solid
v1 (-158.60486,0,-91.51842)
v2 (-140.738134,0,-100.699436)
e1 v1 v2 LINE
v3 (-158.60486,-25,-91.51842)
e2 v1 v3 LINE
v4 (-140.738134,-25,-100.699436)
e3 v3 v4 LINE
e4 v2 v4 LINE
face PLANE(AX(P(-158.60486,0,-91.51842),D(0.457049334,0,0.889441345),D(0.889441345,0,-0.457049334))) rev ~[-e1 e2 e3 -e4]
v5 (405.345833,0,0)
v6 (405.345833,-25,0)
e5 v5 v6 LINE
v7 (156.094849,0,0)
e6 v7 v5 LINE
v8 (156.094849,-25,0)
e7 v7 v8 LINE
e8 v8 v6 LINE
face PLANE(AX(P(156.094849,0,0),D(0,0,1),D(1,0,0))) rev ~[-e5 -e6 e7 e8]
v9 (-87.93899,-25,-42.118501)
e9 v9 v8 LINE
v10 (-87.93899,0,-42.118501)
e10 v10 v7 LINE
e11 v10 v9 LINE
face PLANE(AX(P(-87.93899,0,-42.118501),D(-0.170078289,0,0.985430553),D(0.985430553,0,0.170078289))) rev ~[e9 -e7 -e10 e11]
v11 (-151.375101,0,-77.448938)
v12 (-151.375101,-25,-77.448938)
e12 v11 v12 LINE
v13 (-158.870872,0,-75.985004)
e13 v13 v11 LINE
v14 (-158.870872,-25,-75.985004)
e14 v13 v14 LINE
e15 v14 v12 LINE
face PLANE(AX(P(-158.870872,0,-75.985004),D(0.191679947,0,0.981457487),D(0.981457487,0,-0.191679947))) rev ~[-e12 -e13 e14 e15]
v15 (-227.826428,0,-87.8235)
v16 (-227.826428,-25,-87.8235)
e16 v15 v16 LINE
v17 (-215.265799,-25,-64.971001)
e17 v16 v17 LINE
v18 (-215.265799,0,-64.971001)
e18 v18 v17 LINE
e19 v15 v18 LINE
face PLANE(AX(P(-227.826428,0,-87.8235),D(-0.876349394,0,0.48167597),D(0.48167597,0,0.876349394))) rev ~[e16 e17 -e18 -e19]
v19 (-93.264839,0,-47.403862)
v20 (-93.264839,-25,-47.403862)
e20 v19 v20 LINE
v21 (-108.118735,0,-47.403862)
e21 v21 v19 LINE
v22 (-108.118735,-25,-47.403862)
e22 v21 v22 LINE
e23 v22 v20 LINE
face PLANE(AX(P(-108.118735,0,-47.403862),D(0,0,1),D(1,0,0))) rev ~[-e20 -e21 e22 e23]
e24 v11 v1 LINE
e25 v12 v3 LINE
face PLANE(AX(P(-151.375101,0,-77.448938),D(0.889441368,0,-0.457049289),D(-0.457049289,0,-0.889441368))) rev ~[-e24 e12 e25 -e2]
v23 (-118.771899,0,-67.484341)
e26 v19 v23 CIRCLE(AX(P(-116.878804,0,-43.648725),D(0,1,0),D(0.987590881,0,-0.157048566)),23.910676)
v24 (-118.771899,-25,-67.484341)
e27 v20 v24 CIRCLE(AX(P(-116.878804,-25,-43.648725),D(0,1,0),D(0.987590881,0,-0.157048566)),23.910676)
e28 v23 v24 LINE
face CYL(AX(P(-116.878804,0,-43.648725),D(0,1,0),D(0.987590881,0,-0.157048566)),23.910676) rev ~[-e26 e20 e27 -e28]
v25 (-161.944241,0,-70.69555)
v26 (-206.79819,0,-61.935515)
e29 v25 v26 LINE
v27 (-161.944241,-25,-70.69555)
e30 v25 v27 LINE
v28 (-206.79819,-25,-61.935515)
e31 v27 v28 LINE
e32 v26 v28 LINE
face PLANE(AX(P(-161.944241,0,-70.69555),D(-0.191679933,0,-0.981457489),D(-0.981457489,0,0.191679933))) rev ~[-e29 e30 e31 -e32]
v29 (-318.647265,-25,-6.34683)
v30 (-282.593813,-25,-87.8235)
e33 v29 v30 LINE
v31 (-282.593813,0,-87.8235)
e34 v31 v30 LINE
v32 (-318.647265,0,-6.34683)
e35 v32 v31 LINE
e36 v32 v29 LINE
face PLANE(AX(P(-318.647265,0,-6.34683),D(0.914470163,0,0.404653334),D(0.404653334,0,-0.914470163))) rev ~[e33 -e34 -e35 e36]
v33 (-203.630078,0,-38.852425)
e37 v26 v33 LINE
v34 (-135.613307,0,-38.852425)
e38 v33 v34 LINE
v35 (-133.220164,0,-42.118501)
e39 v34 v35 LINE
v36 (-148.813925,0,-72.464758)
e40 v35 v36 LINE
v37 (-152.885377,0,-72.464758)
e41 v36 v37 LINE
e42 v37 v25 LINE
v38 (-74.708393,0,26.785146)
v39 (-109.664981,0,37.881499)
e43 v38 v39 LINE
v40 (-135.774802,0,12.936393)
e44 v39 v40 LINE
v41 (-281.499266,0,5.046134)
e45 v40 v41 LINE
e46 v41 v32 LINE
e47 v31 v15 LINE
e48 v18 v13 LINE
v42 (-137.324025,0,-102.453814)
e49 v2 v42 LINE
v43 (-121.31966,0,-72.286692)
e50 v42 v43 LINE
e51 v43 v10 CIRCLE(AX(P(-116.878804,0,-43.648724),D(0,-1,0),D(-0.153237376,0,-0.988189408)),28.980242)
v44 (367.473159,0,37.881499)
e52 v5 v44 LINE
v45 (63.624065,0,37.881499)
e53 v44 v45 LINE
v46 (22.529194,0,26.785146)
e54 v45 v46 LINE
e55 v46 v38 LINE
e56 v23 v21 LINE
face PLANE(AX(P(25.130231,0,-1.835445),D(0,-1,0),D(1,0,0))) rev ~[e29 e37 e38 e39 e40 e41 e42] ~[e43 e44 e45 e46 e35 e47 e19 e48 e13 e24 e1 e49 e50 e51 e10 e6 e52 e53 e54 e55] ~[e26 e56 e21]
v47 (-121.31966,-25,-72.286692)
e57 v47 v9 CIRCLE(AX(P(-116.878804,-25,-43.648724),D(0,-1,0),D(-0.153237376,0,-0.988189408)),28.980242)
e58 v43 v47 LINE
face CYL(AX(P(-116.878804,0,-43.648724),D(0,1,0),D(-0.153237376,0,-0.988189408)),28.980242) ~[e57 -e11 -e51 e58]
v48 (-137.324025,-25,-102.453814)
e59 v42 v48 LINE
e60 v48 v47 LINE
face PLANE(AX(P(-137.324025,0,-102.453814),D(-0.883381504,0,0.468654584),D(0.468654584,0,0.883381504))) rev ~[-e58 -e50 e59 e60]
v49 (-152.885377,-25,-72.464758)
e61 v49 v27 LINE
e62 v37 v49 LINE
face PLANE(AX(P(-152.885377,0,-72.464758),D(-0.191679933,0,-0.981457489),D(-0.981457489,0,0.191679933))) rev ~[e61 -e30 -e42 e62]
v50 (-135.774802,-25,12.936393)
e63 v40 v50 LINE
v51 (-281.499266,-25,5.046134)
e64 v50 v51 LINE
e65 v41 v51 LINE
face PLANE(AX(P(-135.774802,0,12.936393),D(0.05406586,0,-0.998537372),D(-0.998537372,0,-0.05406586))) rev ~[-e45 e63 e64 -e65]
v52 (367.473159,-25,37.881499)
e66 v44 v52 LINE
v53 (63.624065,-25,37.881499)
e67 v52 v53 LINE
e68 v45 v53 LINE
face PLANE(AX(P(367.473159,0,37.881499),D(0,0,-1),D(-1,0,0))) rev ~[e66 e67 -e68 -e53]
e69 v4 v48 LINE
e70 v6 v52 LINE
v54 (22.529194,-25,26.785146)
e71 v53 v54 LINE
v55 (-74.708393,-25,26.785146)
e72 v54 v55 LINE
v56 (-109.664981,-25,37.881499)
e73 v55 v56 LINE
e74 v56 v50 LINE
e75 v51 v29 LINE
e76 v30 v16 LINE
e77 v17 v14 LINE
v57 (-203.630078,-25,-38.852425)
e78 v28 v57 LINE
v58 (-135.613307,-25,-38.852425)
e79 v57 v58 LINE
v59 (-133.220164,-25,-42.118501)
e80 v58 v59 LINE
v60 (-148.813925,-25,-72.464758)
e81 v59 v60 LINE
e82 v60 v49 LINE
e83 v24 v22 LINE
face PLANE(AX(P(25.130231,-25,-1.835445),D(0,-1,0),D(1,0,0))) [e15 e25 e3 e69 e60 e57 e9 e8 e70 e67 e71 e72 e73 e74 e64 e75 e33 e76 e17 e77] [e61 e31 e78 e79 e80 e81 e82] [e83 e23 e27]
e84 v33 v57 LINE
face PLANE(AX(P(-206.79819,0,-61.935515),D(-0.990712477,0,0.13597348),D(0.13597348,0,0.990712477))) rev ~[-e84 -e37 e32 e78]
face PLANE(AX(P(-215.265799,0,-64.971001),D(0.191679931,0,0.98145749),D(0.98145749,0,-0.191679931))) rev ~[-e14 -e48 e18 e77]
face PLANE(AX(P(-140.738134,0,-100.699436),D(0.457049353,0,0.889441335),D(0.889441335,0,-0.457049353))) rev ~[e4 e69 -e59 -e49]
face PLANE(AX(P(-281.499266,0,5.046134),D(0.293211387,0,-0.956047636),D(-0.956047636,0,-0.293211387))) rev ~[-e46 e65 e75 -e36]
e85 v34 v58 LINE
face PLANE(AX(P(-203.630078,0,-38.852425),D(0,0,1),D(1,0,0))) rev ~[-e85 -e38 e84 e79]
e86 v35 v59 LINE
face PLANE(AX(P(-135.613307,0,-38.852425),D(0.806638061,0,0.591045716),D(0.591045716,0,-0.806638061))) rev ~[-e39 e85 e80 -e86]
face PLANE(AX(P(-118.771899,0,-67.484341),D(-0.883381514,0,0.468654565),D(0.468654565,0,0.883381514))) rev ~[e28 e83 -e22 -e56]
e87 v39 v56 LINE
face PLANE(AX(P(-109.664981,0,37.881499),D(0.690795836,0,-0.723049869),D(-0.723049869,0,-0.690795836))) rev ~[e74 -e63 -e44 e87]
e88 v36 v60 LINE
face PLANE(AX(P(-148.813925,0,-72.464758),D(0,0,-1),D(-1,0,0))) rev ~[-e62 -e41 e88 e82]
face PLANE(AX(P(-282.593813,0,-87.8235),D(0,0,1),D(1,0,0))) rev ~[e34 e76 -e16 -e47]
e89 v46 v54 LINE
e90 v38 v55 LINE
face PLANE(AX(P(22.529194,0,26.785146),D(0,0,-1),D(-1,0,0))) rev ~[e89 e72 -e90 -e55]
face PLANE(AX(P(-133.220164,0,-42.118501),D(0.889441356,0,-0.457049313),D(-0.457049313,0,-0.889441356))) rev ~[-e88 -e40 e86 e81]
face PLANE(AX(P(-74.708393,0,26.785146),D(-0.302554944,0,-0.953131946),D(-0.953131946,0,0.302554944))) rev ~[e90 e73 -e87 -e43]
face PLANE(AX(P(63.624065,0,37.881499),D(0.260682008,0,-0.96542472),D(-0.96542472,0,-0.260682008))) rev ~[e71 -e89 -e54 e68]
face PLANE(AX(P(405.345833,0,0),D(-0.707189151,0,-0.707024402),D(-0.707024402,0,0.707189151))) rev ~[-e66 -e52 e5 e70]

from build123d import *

# Parameters (mm, degrees)
F1_DEPTH = 25


with BuildPart() as f1:
    # F0 (on Front) → F1 (new body)
    with BuildSketch(Plane.XZ):
        Polygon((367.473159, 37.881499), (63.624065, 37.881499), (22.529194, 26.785146), (-74.708393, 26.785146), (-109.664981, 37.881499), (-135.774802, 12.936393), (-281.499266, 5.046134), (-318.647265, -6.34683), (-282.593813, -87.8235), (-227.826428, -87.8235), (-215.265799, -64.971001), (-211.985035, -42.118501), (-210.623877, -32.637216), (-136.59613, -32.637216), (-128.112047, -32.177844), (-133.220164, -42.118501), (-109.659574, -42.118501), (-93.017144, -42.118501), (-87.93899, -42.118501), (156.094849, 0), (405.345833, 0), align=None)
        Polygon((-122.766047, -66.823296), (-109.659574, -42.118501), (-133.220164, -42.118501), (-148.813925, -72.464758), (-151.375101, -77.448938), (-158.60486, -91.51842), (-140.738134, -100.699436), (-125.198854, -71.408968), align=None)
        with BuildLine():
            ThreePointArc((-121.31966, -72.286692), (-97.447394, -65.149299), (-87.93899, -42.118501))
            Line((-87.93899, -42.118501), (-93.017144, -42.118501))
            ThreePointArc((-93.017144, -42.118501), (-92.994342, -44.768054), (-93.264839, -47.403862))
            ThreePointArc((-93.264839, -47.403862), (-102.08842, -62.436086), (-118.771899, -67.484341))
            ThreePointArc((-118.771899, -67.484341), (-120.782989, -67.238505), (-122.766047, -66.823296))
            Line((-122.766047, -66.823296), (-125.198854, -71.408968))
            ThreePointArc((-125.198854, -71.408968), (-123.274332, -71.914456), (-121.31966, -72.286692))
        make_face()
        with BuildLine():
            ThreePointArc((-93.264839, -47.403862), (-92.994342, -44.768054), (-93.017144, -42.118501))
            Line((-93.017144, -42.118501), (-109.659574, -42.118501))
            Line((-109.659574, -42.118501), (-122.766047, -66.823296))
            ThreePointArc((-122.766047, -66.823296), (-120.782989, -67.238505), (-118.771899, -67.484341))
            Line((-118.771899, -67.484341), (-108.118735, -47.403862))
            Line((-108.118735, -47.403862), (-93.264839, -47.403862))
        make_face()
        Polygon((-135.613307, -38.852425), (-133.220164, -42.118501), (-128.112047, -32.177844), (-136.59613, -32.637216), (-210.623877, -32.637216), (-211.985035, -42.118501), (-215.265799, -64.971001), (-158.870872, -75.985004), (-151.375101, -77.448938), (-148.813925, -72.464758), (-152.885377, -72.464758), (-161.944241, -70.69555), (-206.79819, -61.935515), (-203.630078, -38.852425), (-145.581298, -38.852425), align=None)
        with BuildLine():
            Line((-137.324025, -102.453814), (-121.31966, -72.286692))
            ThreePointArc((-121.31966, -72.286692), (-123.274332, -71.914456), (-125.198854, -71.408968))
            Line((-125.198854, -71.408968), (-140.738134, -100.699436))
            Line((-140.738134, -100.699436), (-137.324025, -102.453814))
        make_face()
    extrude(amount=F1_DEPTH)


solid = f1.part
